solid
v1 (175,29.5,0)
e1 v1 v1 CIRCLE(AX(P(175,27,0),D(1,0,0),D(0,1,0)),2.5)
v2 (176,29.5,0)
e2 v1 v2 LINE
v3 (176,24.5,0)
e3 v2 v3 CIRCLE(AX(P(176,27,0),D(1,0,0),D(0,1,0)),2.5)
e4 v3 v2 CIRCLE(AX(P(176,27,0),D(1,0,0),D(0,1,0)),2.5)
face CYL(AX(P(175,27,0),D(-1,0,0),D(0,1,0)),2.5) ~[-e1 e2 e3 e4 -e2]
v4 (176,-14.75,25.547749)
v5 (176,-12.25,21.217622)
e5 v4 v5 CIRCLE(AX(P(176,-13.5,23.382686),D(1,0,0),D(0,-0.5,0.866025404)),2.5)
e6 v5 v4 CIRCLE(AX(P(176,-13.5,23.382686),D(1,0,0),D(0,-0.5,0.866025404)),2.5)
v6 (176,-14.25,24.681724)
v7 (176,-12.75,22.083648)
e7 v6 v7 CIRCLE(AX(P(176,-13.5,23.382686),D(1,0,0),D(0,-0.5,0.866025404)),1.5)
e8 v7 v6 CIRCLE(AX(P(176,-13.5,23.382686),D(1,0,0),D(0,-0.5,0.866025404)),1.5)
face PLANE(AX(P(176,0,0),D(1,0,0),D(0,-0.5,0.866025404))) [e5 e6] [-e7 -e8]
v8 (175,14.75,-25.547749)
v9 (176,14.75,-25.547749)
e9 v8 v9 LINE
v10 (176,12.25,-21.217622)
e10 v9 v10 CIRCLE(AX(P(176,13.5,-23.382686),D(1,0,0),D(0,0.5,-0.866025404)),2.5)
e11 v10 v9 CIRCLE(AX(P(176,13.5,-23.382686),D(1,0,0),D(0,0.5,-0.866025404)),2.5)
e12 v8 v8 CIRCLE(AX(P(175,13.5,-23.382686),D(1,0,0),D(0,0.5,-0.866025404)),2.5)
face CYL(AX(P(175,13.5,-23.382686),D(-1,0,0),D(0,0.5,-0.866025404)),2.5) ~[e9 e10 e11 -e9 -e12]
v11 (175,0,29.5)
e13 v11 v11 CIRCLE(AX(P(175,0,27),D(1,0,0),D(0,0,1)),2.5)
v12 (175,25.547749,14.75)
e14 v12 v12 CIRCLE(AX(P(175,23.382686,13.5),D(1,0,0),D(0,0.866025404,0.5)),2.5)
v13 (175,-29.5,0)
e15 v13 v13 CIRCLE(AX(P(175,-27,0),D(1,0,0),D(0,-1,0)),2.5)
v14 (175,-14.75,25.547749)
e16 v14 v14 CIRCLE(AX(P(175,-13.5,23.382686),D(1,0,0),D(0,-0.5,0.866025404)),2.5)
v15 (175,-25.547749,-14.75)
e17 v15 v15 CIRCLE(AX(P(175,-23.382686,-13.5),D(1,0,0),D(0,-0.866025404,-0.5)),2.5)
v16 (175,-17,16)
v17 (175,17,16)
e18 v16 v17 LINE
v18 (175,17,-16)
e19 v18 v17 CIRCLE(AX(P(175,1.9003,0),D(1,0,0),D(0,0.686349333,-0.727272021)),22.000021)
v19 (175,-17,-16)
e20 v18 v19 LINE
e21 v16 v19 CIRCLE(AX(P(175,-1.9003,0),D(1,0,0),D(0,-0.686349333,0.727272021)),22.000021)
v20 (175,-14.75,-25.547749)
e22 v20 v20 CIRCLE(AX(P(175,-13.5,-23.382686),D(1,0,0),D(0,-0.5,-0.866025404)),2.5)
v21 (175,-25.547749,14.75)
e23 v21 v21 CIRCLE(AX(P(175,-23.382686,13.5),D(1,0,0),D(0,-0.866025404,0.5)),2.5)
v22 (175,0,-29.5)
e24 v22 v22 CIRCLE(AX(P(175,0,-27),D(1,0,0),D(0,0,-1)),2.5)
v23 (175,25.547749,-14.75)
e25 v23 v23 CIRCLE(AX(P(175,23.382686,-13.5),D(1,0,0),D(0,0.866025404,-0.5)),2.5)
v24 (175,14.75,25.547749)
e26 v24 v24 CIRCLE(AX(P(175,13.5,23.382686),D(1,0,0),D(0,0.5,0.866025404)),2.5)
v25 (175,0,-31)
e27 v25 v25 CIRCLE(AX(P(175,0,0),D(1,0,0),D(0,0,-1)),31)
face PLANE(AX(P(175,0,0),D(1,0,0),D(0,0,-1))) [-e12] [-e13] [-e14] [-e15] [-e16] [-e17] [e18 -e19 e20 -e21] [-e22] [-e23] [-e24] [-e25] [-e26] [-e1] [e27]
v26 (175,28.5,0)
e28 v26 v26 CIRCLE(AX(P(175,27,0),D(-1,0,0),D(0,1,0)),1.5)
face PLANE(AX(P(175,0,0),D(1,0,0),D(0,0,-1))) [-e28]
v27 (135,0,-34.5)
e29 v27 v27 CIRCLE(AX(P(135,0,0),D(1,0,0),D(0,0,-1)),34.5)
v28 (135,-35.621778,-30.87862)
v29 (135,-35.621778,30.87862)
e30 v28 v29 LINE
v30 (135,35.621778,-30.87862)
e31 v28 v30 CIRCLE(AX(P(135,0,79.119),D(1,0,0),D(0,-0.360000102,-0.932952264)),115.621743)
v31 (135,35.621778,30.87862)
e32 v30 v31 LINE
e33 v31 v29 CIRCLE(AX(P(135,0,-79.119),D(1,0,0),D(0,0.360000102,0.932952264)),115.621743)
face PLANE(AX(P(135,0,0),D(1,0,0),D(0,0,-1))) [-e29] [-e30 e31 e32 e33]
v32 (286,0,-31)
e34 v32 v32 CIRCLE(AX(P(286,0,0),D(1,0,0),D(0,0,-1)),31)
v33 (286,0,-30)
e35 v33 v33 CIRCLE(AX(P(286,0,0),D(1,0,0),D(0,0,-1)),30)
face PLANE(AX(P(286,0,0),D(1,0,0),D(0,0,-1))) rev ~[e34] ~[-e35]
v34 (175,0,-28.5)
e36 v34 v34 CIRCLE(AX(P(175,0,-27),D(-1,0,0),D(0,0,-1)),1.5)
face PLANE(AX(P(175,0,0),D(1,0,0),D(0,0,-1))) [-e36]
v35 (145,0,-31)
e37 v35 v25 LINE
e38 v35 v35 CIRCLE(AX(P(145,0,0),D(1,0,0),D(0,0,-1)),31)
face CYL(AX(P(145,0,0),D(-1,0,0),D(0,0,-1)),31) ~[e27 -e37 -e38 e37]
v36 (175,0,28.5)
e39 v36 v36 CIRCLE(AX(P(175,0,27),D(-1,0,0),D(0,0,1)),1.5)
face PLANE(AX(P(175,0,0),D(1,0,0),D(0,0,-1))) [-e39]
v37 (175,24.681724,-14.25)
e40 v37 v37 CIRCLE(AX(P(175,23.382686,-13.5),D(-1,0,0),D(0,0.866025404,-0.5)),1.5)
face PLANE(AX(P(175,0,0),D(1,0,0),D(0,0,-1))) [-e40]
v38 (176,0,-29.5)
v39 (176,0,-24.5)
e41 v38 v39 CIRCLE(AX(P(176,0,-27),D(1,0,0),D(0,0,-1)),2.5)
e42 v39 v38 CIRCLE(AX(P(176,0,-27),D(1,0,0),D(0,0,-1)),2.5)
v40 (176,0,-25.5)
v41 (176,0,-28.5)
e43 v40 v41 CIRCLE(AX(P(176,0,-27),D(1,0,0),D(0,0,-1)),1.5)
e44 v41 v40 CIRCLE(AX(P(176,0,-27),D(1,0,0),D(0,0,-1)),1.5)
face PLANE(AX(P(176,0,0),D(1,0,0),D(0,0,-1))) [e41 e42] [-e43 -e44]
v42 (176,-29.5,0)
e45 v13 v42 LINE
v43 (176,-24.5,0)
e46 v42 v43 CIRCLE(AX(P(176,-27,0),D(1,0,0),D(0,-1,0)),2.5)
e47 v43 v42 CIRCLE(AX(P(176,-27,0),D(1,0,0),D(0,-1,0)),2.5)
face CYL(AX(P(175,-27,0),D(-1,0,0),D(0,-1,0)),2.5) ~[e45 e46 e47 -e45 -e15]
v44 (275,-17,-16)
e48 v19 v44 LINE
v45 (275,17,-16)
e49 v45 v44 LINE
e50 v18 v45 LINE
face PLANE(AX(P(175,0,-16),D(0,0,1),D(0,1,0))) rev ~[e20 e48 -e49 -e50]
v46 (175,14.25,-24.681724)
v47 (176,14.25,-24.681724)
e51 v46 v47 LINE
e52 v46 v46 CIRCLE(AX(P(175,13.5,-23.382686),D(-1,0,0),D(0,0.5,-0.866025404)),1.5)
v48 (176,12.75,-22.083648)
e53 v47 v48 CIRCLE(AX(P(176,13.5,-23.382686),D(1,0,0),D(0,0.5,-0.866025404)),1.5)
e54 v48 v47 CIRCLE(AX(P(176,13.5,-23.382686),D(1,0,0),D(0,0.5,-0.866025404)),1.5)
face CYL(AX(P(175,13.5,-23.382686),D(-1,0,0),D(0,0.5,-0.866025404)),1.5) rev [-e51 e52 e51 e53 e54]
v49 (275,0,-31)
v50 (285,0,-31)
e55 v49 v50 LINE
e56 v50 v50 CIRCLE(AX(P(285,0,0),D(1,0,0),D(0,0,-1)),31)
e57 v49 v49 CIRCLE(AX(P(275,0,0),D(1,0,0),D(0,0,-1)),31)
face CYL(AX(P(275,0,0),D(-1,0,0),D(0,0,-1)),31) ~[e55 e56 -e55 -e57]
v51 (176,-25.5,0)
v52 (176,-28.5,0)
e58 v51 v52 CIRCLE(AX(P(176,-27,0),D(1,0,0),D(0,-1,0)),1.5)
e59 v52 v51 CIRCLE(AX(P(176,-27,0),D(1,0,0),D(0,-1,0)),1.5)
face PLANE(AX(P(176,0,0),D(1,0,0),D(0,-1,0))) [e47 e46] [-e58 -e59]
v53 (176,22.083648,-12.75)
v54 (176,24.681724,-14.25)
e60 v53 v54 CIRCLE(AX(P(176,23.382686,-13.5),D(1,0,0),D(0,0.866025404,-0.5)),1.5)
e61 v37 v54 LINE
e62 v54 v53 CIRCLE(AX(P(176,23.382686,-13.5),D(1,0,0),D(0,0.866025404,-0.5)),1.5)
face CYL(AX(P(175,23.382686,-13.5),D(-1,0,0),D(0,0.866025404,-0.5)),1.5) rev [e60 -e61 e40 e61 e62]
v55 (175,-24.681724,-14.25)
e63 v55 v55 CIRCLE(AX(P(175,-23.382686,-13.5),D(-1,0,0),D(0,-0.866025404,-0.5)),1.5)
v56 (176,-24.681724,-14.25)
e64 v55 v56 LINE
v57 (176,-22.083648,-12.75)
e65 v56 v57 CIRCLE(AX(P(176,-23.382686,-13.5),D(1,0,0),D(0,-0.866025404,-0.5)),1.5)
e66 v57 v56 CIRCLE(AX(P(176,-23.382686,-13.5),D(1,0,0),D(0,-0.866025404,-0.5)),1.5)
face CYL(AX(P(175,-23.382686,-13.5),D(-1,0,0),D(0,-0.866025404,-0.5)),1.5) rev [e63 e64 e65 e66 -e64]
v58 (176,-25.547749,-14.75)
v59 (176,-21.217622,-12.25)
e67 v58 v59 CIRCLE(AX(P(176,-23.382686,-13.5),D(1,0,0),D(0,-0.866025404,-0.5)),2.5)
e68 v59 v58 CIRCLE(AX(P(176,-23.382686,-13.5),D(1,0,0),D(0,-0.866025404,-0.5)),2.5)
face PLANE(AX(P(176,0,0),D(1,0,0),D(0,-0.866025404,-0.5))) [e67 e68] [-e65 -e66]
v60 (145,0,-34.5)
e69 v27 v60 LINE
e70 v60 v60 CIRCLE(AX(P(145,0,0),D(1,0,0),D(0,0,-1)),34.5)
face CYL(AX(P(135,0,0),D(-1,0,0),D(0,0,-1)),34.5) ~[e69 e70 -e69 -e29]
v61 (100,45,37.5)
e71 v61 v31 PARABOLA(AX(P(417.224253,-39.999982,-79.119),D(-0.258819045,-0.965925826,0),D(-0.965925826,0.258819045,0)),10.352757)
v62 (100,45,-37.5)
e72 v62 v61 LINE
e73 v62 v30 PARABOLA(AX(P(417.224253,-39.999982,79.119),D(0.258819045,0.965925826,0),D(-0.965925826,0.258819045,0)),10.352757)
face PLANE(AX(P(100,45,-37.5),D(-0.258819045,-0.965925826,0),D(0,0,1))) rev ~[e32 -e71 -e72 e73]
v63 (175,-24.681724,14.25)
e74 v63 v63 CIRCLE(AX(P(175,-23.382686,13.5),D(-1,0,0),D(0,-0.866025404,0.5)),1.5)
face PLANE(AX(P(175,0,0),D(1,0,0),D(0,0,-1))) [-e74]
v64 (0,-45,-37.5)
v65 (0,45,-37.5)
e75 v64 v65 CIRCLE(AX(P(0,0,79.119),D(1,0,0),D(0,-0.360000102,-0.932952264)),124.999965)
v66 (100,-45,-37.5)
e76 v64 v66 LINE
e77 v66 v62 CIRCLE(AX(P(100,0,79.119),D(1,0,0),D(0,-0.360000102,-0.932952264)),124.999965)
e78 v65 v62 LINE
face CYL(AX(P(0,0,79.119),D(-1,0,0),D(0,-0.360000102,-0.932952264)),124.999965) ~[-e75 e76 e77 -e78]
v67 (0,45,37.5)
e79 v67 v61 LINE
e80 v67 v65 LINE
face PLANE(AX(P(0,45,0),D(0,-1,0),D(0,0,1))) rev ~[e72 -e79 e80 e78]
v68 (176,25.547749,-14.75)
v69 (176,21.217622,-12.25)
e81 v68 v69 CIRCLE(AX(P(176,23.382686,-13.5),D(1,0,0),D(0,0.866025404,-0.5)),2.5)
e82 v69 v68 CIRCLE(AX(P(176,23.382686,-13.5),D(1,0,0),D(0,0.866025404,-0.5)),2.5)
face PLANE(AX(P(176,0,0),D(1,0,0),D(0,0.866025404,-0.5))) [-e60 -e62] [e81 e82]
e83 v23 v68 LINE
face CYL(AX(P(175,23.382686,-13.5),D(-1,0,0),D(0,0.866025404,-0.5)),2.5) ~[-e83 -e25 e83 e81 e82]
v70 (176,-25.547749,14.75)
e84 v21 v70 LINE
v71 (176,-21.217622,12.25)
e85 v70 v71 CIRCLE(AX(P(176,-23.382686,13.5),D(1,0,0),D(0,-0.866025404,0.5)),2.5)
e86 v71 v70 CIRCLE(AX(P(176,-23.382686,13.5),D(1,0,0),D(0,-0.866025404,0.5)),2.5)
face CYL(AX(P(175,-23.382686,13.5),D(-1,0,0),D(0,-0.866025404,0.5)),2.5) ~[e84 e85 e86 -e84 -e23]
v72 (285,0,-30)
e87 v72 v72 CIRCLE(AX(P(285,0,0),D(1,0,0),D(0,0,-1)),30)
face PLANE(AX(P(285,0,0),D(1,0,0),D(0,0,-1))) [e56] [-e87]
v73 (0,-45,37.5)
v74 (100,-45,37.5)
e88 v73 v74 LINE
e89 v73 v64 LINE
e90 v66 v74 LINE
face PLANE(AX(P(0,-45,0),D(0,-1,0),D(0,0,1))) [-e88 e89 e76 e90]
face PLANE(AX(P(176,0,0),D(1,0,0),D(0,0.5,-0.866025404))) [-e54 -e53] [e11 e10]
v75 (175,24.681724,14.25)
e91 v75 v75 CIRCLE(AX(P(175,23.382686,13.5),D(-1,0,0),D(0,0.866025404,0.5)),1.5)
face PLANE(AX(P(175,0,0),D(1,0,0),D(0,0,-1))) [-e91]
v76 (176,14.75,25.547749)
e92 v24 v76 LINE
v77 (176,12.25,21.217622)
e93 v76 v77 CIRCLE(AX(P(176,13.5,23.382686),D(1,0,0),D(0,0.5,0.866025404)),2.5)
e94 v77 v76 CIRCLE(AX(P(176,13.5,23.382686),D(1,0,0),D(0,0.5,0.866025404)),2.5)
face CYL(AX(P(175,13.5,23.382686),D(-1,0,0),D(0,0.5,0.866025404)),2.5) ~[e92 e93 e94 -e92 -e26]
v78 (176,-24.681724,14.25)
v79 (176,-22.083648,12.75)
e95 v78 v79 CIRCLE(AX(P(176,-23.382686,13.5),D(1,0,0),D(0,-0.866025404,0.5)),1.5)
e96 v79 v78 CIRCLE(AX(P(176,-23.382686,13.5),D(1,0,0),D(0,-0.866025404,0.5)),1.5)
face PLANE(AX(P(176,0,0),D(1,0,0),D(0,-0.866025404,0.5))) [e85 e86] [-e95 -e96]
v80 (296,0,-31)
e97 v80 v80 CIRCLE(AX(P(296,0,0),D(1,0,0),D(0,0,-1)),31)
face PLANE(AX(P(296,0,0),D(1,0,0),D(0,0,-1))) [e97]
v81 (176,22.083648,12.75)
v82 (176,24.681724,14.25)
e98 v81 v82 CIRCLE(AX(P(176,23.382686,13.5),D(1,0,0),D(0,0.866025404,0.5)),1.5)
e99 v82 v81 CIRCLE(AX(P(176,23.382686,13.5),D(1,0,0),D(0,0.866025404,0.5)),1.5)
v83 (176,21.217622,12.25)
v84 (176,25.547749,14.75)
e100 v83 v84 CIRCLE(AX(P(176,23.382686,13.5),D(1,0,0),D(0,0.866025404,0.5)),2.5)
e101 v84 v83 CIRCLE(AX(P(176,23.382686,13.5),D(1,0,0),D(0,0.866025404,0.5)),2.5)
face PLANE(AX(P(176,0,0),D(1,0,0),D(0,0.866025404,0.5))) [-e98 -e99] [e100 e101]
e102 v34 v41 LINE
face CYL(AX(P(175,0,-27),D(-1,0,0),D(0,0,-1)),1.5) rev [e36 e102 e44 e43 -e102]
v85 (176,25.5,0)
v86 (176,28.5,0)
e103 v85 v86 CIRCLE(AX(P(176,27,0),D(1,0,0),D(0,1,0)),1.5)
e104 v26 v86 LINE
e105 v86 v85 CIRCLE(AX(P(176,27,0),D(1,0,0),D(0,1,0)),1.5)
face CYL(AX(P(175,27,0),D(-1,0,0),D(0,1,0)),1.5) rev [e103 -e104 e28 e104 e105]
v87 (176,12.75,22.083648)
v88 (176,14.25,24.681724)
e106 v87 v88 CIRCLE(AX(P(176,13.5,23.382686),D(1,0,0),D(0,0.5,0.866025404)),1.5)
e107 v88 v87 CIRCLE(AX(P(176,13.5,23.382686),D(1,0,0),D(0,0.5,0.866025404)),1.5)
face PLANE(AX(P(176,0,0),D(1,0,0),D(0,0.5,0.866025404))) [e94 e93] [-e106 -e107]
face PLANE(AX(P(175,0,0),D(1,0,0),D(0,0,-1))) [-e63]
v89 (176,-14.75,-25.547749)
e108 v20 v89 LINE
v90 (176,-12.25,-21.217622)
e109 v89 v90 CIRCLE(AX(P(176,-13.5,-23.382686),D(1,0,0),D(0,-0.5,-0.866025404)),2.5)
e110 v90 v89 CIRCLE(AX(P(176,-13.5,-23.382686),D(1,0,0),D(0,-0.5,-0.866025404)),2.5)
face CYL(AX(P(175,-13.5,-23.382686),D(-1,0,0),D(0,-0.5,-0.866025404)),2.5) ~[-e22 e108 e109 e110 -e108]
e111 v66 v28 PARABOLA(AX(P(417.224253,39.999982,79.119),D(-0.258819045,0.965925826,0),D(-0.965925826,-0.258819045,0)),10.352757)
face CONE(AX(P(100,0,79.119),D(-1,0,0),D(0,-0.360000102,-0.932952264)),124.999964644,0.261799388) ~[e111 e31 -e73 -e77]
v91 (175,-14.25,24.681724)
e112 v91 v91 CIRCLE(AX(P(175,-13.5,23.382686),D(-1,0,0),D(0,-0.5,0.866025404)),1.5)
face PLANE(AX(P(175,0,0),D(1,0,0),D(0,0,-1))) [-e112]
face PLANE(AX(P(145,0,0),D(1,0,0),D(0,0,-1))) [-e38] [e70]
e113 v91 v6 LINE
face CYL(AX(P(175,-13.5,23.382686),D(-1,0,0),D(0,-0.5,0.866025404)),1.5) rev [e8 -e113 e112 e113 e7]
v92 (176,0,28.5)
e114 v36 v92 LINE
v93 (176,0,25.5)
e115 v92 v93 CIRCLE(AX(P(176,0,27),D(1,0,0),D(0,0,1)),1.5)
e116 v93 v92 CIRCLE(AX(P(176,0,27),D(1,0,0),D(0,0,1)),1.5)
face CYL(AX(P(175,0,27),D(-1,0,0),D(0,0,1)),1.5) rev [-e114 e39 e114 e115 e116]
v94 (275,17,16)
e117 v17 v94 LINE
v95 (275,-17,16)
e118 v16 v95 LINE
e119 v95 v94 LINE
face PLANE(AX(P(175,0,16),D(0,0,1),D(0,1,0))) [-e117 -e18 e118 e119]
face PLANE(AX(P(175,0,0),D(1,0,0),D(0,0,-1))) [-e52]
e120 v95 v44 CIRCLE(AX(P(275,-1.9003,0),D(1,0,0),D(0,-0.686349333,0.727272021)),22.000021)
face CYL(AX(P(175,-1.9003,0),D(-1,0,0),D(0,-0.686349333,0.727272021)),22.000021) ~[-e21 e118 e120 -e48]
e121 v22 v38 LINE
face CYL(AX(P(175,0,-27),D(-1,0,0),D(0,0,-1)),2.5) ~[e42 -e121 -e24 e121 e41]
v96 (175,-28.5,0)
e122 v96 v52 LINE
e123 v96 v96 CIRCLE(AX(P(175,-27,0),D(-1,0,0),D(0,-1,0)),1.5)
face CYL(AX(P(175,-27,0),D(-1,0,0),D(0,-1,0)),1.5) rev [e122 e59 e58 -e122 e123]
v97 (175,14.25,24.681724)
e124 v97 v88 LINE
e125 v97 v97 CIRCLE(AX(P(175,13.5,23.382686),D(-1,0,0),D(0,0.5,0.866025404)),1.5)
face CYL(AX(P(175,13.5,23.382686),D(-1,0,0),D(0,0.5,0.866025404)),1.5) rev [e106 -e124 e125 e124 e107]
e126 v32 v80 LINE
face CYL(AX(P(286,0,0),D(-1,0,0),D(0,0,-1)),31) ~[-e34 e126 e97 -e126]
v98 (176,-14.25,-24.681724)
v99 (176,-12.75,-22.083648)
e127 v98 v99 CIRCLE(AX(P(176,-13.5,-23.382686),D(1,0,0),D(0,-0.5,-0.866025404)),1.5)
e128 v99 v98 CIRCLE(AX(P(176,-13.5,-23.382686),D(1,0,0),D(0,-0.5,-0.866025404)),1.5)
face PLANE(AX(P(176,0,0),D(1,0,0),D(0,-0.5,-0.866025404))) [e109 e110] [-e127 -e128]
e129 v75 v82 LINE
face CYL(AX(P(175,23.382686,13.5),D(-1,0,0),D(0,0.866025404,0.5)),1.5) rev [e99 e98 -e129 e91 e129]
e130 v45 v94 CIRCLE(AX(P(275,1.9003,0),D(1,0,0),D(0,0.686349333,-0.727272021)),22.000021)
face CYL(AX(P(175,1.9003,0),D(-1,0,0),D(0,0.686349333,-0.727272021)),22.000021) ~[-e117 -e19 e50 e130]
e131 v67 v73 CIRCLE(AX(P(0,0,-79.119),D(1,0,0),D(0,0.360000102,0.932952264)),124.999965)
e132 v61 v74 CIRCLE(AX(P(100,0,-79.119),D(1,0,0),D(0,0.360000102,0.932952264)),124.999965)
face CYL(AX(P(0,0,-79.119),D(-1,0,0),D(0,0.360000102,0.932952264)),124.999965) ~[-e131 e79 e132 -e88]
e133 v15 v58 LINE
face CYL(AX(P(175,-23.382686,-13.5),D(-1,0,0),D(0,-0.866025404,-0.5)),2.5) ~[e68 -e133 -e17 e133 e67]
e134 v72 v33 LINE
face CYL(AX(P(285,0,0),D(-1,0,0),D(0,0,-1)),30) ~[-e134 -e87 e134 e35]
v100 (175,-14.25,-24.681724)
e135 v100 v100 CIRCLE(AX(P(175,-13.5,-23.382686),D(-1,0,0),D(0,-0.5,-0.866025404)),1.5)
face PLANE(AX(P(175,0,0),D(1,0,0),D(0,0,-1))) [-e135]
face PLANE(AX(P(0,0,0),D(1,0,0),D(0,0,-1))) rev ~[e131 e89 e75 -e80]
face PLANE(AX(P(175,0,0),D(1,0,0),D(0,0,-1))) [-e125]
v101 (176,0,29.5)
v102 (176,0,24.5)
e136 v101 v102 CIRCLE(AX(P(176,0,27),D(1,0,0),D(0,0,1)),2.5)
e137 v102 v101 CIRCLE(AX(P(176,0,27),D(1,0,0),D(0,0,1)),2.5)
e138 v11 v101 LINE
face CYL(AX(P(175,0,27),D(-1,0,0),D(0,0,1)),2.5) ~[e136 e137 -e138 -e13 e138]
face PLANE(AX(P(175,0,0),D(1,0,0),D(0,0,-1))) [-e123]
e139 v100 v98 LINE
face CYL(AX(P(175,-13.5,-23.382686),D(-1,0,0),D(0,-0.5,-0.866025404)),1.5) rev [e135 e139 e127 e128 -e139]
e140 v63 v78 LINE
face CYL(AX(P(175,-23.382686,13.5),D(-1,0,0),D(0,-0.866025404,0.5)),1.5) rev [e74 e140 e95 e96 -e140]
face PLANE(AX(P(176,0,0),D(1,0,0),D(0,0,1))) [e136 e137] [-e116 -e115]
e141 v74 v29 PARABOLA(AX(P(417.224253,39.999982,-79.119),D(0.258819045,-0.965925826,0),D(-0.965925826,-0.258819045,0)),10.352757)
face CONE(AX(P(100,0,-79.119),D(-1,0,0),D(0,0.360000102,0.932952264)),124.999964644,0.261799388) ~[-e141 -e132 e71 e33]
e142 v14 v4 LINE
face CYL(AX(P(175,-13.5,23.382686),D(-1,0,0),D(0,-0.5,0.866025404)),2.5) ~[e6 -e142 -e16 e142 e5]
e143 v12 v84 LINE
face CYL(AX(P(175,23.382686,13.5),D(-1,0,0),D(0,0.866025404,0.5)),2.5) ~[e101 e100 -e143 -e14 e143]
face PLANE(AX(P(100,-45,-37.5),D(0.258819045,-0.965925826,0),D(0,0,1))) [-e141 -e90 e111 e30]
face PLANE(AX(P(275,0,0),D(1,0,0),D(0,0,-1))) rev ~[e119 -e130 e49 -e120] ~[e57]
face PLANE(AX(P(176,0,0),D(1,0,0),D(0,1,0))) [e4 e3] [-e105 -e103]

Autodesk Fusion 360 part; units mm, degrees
sketch "Sketch1" plane through (0, 0, 0) normal (1, 0, 0) x (0, 0, -1)
  line L0 (0, 0) -> (0, 45)
  line L1 (0, 0) -> (0, -45)
  line L2 (0, 45) -> (37.5, 45)
  line L3 (0, 45) -> (-37.5, 45)
  line L4 (0, -45) -> (37.5, -45)
  line L5 (0, -45) -> (-37.5, -45)
  arc A0 (-37.5, 45) -> (-37.5, -45) centre (79.119, 0) ccw
  arc A1 (37.5, -45) -> (37.5, 45) centre (-79.119, 0) ccw
  dimension "d1" = 45
  dimension "d2" = 45
  dimension "d3" = 37.5
  dimension "d4" = 37.5
  dimension "d5" = 37.5
  dimension "d6" = 37.5
  dimension "d8" = 125
extrude "Extrude1" add sketch "Sketch1" along normal blind 100
extrude "Extrude2" add 1 faces at (100, -15.2642, -14.2806) along direction (1, 0, 0) blind 35 draft -15
sketch "Sketch2" plane through (135, 0, 0) normal (1, 0, 0) x (0, 0, -1)
  line L0 (-30.8786, -35.6218) -> (30.8786, -35.6218)
  arc A0 (30.8786, -35.6218) -> (30.8786, 35.6218) centre (-79.119, 0) ccw
  line L1 (30.8786, 35.6218) -> (-30.8786, 35.6218)
  arc A1 (-30.8786, 35.6218) -> (-30.8786, -35.6218) centre (79.119, 0) ccw
  circle A2 centre (0, 0) radius 34.5
  dimension "d13" = 69
extrude "Extrude3" add sketch "Sketch2" along normal blind 10 contours A2
sketch "Sketch3" plane through (145, 0, 0) normal (1, 0, 0) x (0, 0, -1)
  circle A0 centre (0, 0) radius 34.5
  circle A1 centre (0, 0) radius 31
  dimension "d16" = 62
extrude "Extrude4" add sketch "Sketch3" along normal blind 30 contours A1
sketch "Sketch4" plane through (175, 0, 0) normal (1, 0, 0) x (0, 0, -1)
  circle A0 centre (0, 0) radius 31
  line L0 (0, 0) -> (27, 0)
  circle A1 centre (27, 0) radius 2.5
  circle A2 centre (27, 0) radius 1.5
  dimension "d19" = 27
  dimension "d20" = 5
  dimension "d21" = -1
extrude "Extrude5" add sketch "Sketch4" along normal blind 1 contours A1
pattern_circular "C-Pattern1" count 12 over 360 about axis through (175, 0, 0) along (1, 0, 0) of "Extrude5"
sketch "Sketch5" plane through (175, 0, 0) normal (1, 0, 0) x (0, 0, -1)
  circle A0 centre (27, 0) radius 2.5
  circle A1 centre (0, 0) radius 31
  circle A2 centre (23.3827, 13.5) radius 2.5
  circle A3 centre (13.5, 23.3827) radius 2.5
  circle A4 centre (0, 27) radius 2.5
  circle A5 centre (-13.5, 23.3827) radius 2.5
  circle A6 centre (-23.3827, 13.5) radius 2.5
  circle A7 centre (-27, 0) radius 2.5
  circle A8 centre (-23.3827, -13.5) radius 2.5
  circle A9 centre (-13.5, -23.3827) radius 2.5
  circle A10 centre (0, -27) radius 2.5
  circle A11 centre (13.5, -23.3827) radius 2.5
  circle A12 centre (23.3827, -13.5) radius 2.5
  line L0 (0, 0) -> (16, 0)
  line L1 (16, 0) -> (16, 17)
  line L2 (16, 0) -> (16, -17)
  line L3 (0, 0) -> (0, -8.0593)
  line L4 (-16, 0) -> (-16, 17)
  line L5 (-16, 0) -> (-16, -17)
  arc A13 (16, 17) -> (-16, 17) centre (0, 1.9003) ccw
  arc A14 (-16, -17) -> (16, -17) centre (0, -1.9003) ccw
  dimension "d26" = 16
  dimension "d27" = 17
  dimension "d28" = 17
  dimension "d29" = 22
extrude "Extrude6" add sketch "Sketch5" along normal blind 100 contours L1 L2 L4 L5 A13 A14
sketch "Sketch6" plane through (275, 0, 0) normal (1, 0, 0) x (0, 0, -1)
  line L0 (-16, 17) -> (-16, -17)
  arc A0 (-16, -17) -> (16, -17) centre (0, -1.9003) ccw
  line L1 (16, -17) -> (16, 17)
  arc A1 (16, 17) -> (-16, 17) centre (0, 1.9003) ccw
  circle A2 centre (0, 0) radius 31
  circle A3 centre (0, 0) radius 30
  dimension "d32" = 62
  dimension "d35" = -1
extrude "Extrude7" add sketch "Sketch6" along normal blind 10 contours L0 A0 L1 A1 | A2 | A3
sketch "Sketch7" plane through (285, 0, 0) normal (1, 0, 0) x (0, 0, -1)
  circle A0 centre (0, 0) radius 31
  circle A1 centre (0, 0) radius 30
  dimension "d36" = -1
extrude "Extrude8" add sketch "Sketch7" along normal blind 1 contours A1
sketch "Sketch8" plane through (286, 0, 0) normal (1, 0, 0) x (0, 0, -1)
  circle A0 centre (0, 0) radius 30
  circle A1 centre (0, 0) radius 31
  dimension "d39" = 62
extrude "Extrude9" add sketch "Sketch8" along normal blind 10 contours A0 | A1
